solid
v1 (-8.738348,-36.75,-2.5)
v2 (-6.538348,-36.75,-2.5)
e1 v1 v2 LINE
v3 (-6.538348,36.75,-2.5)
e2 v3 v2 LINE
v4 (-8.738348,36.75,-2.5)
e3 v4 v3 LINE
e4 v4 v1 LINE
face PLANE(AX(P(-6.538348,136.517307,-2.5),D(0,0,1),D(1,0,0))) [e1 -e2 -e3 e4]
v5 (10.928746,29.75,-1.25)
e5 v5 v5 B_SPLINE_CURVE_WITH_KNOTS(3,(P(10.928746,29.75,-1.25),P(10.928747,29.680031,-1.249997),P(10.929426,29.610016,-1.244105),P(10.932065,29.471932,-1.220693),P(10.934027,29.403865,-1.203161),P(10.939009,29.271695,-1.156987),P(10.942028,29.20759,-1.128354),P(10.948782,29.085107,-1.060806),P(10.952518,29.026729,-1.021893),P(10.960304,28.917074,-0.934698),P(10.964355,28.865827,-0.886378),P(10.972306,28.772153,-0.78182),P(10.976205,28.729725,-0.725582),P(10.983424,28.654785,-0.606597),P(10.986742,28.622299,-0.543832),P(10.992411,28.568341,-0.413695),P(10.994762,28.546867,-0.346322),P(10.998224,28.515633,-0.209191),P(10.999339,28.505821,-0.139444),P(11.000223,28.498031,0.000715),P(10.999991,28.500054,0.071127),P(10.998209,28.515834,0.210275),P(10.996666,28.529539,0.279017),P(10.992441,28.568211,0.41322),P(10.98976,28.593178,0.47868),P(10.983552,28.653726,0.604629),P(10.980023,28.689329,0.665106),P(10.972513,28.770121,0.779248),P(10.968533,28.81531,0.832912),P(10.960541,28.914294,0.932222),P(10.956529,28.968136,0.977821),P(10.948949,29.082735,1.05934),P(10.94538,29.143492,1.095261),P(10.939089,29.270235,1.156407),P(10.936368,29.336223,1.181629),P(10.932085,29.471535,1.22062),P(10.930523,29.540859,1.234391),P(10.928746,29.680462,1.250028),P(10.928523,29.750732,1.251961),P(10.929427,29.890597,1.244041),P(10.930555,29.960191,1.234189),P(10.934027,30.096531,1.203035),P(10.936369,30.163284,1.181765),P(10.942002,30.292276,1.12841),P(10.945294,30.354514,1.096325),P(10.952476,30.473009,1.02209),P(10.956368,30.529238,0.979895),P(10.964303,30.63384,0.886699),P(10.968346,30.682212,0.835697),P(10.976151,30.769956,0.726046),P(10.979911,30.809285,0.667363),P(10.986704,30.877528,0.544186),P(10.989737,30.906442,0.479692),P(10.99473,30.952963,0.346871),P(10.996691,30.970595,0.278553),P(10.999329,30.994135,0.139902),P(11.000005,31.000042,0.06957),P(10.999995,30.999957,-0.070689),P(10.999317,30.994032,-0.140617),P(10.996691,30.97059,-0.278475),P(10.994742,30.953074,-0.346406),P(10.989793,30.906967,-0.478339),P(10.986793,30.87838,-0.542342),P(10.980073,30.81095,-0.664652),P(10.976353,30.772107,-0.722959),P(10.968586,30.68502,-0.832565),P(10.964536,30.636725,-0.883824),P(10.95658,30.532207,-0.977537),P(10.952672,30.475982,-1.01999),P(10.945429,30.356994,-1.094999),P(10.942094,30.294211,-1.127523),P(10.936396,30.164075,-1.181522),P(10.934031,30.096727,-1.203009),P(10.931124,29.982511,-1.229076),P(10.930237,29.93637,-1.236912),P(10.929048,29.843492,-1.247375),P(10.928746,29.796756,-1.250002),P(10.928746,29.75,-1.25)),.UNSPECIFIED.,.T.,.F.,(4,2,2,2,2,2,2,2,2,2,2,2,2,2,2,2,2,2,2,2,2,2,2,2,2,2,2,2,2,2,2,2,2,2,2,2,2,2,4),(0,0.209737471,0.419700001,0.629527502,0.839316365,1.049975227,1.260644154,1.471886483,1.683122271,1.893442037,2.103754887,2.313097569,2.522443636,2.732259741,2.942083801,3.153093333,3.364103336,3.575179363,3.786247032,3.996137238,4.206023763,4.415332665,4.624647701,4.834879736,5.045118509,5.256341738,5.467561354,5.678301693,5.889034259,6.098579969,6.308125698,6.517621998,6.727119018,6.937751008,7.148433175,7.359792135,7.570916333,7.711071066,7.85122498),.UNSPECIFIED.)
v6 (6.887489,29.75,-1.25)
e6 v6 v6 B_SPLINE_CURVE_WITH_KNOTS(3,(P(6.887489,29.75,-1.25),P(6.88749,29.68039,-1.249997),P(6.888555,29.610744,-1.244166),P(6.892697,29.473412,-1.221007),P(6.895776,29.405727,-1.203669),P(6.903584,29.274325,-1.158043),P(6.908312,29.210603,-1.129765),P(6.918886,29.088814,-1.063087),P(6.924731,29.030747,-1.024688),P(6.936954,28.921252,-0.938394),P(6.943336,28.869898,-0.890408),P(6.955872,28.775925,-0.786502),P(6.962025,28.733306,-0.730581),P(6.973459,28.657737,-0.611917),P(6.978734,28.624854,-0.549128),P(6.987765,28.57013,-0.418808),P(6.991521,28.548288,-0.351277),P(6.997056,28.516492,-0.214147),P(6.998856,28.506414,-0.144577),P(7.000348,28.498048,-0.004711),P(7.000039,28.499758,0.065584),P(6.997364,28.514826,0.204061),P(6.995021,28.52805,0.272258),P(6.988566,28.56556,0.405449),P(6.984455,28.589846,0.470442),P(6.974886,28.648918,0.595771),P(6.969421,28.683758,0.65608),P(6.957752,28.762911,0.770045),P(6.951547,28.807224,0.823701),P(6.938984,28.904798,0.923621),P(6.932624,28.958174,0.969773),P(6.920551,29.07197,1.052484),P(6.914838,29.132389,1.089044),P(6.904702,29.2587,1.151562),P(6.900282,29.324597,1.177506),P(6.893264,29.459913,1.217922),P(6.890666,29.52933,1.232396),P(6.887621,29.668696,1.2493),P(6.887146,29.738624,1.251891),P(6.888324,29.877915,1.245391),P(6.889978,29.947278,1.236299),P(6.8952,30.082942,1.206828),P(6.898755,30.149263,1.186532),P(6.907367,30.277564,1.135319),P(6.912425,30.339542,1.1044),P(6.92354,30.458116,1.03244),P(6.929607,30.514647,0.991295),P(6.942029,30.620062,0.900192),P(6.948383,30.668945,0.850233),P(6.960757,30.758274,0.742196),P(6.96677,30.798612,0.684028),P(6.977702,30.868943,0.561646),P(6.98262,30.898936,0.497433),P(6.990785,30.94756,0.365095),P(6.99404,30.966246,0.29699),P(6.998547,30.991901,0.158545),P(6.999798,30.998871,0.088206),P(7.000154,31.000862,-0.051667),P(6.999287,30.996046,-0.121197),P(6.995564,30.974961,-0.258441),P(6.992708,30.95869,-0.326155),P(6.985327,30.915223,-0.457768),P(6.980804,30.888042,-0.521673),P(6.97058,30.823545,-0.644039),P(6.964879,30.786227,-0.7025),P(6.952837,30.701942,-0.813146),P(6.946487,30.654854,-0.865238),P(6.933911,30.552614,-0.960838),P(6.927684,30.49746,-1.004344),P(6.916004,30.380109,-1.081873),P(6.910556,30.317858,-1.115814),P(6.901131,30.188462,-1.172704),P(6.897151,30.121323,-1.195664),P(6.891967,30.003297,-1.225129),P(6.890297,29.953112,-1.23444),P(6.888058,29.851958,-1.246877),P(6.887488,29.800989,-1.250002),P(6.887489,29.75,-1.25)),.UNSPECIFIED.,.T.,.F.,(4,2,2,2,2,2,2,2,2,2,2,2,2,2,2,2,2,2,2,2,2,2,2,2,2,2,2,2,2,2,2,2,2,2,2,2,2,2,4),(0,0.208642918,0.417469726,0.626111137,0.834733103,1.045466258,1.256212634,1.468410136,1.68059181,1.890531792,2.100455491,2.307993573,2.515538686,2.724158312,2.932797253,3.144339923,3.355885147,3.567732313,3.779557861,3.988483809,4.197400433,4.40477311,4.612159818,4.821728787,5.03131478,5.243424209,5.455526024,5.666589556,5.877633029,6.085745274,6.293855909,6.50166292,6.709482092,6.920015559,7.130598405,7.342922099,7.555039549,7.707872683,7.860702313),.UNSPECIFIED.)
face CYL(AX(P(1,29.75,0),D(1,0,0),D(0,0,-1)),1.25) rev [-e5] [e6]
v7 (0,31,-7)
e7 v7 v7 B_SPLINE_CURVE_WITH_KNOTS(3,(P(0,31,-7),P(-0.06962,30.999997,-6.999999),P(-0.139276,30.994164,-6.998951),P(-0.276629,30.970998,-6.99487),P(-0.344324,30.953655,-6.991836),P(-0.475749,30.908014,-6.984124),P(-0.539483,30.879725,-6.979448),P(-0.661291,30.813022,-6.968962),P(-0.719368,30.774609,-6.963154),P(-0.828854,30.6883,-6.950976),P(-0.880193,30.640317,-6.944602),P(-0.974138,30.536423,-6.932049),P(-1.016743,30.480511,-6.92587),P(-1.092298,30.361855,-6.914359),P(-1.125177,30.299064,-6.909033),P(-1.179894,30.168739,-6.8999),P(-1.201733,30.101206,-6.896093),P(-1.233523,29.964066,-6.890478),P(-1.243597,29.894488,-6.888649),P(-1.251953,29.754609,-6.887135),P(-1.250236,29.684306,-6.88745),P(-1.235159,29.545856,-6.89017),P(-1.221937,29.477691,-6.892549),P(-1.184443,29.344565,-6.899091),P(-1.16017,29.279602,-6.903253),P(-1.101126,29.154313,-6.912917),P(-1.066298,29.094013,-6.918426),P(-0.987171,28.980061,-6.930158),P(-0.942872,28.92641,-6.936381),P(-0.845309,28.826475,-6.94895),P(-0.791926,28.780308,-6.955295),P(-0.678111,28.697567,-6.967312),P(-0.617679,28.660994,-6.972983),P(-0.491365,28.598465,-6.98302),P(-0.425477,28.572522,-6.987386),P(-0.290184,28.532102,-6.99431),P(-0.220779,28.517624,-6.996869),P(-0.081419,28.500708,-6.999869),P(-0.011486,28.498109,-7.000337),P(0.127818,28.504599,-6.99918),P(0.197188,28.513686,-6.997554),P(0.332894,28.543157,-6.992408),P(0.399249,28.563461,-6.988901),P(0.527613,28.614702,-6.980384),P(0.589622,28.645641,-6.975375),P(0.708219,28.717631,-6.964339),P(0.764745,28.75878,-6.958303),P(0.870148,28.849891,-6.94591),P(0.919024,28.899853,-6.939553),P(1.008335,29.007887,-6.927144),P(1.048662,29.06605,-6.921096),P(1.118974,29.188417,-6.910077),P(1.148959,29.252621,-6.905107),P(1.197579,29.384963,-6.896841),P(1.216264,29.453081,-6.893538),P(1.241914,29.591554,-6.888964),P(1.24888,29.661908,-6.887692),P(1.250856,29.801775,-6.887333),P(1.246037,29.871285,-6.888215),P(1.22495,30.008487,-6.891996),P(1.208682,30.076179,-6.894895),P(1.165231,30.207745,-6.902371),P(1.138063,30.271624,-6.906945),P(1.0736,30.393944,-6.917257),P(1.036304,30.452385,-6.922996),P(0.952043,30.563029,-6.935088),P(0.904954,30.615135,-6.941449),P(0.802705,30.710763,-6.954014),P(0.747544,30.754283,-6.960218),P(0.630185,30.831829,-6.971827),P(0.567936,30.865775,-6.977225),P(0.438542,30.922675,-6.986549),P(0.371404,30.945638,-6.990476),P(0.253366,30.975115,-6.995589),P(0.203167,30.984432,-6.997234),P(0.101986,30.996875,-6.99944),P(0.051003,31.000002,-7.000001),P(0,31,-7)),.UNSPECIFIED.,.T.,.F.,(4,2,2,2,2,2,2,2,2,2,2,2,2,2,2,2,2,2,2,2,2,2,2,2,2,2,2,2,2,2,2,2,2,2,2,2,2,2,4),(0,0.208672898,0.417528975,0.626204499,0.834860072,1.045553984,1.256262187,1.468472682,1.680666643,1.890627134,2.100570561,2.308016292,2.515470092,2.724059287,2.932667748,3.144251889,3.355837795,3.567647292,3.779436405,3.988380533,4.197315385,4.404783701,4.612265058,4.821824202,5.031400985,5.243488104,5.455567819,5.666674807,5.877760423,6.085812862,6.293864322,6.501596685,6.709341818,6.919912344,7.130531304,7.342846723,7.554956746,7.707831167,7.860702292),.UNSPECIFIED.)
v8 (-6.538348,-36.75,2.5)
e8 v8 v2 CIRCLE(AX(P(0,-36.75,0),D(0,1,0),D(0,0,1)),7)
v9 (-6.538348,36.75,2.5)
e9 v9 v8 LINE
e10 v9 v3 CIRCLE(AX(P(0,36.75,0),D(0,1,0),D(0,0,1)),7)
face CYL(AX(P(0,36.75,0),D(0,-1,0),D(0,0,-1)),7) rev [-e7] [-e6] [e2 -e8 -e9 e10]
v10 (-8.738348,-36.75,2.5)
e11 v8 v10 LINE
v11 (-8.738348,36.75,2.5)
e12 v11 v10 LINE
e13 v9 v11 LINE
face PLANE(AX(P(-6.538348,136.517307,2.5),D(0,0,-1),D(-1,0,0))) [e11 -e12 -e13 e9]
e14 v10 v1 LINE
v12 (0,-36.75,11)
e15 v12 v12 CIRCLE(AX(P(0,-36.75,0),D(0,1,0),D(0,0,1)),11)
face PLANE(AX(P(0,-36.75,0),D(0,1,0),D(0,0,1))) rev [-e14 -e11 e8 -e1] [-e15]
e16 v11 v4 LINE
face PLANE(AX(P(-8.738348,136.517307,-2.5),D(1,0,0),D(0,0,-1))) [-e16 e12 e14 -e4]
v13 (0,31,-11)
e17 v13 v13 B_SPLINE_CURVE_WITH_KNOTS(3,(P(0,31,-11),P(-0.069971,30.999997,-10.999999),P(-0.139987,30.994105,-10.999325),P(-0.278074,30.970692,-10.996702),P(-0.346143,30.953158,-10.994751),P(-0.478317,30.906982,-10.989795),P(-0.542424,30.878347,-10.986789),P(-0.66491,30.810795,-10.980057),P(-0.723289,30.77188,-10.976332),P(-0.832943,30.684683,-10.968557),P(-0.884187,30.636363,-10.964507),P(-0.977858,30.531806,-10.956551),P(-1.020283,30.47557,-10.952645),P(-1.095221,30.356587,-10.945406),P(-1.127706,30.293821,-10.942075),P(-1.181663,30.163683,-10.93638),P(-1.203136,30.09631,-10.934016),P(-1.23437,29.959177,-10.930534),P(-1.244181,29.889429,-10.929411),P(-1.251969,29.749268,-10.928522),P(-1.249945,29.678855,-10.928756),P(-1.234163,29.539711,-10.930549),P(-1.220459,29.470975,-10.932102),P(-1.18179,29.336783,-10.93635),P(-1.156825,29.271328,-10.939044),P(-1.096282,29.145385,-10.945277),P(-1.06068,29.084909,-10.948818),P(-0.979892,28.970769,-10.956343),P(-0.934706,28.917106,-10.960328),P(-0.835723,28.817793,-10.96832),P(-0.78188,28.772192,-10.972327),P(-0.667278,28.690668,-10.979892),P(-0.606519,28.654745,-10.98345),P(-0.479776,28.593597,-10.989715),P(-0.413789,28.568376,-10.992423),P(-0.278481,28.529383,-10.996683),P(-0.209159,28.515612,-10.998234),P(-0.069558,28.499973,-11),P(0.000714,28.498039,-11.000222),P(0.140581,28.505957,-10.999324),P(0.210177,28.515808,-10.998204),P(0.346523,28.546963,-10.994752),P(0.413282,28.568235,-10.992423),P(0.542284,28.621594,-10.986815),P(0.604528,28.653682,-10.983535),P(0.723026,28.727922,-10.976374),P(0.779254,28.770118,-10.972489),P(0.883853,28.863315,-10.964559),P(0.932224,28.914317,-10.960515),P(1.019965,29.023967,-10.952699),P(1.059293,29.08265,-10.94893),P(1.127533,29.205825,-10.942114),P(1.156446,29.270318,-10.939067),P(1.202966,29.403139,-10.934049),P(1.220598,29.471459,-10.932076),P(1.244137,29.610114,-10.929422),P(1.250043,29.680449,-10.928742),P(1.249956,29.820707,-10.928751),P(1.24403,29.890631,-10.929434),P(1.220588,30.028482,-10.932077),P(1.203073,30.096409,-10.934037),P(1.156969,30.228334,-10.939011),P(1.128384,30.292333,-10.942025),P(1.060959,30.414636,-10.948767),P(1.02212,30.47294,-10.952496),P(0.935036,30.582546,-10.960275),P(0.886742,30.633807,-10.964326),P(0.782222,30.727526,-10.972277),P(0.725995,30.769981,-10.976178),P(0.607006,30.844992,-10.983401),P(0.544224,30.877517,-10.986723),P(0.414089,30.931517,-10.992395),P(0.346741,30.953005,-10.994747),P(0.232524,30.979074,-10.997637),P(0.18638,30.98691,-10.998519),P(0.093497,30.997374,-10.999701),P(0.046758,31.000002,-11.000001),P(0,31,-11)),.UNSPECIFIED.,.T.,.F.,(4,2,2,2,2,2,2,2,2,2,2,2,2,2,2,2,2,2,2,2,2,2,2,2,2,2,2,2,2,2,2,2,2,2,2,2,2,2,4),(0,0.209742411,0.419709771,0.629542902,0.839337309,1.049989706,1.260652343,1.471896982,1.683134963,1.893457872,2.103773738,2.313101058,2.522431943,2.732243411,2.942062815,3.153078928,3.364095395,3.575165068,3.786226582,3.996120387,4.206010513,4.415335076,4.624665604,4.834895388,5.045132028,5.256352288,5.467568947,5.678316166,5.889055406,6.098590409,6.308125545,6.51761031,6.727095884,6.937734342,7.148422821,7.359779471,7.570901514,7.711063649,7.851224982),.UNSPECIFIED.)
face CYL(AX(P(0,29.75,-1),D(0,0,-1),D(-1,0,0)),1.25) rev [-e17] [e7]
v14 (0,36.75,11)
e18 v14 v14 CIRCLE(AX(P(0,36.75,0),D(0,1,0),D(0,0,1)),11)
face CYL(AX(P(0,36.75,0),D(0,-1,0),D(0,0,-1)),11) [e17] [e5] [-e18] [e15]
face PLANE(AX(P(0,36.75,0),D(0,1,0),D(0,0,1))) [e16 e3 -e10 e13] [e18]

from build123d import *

# Parameters (mm, degrees)
SKETCH1_R               = 11
SKETCH1_R_2             = 7
BOSS_EXTRUDE1_DEPTH     = 36.75
SKETCH2_R               = 1.25
CUT_EXTRUDE1_DEPTH      = 10
CIRPATTERN1_COUNT       = 2
CIRPATTERN1_ANGLE       = 90
CUT_EXTRUDE2_DEPTH      = 76.128223855
CUT_EXTRUDE2_DEPTH_BACK = 76.128223855


with BuildPart() as part:
    # Sketch1 → Boss-Extrude1 (new, symmetric)
    with BuildSketch(Plane(origin=(0, 0, 0), x_dir=(1, 0, 0), z_dir=(0, 1, 0))):
        with Locations(Location((0, 0, 0), (0, 0, 270))):
            Circle(SKETCH1_R)
        with Locations(Location((0, 0, 0), (0, 0, 270))):
            Circle(SKETCH1_R_2, mode=Mode.SUBTRACT)
    extrude(amount=BOSS_EXTRUDE1_DEPTH, both=True)

    # Sketch2 → Cut-Extrude1 (cut)
    with BuildSketch(Plane(origin=(0, 0, -11), x_dir=(-1, 0, 0), z_dir=(0, 0, -1))):
        with Locations(Location((0, 29.75, 0), (0, 0, 90))):
            Circle(SKETCH2_R)
    cut_extrude1 = extrude(amount=-CUT_EXTRUDE1_DEPTH, mode=Mode.SUBTRACT)

    # CirPattern1: Cut-Extrude1 ×2 about axis
    cirpattern1_axis = Axis((0, 36.75, 0), (0, -1, 0))
    for i in range(1, CIRPATTERN1_COUNT):
        add(cut_extrude1.rotate(cirpattern1_axis, i * CIRPATTERN1_ANGLE / (CIRPATTERN1_COUNT - 1)), mode=Mode.SUBTRACT)

    # Sketch4 → Cut-Extrude2 (cut, two sides: drawn at the far end of the back side and taken through both)
    with BuildSketch(Plane(origin=(0, 36.75, 0), x_dir=(1, 0, 0), z_dir=(0, 1, 0)).offset(-CUT_EXTRUDE2_DEPTH_BACK)):
        with BuildLine():
            ThreePointArc((-6.565325544, 2.428271092), (-6.551935139, 2.464172464), (-6.538348415, 2.5))
            Line((-6.538348415, 2.5), (-8.738348415, 2.5))
            Line((-8.738348415, 2.5), (-8.738348415, -2.5))
            Line((-8.738348415, -2.5), (-6.538348415, -2.5))
            ThreePointArc((-6.538348415, -2.5), (-6.999895128, -0.038317104), (-6.565325544, 2.428271092))
        make_face()
    extrude(amount=CUT_EXTRUDE2_DEPTH + CUT_EXTRUDE2_DEPTH_BACK, mode=Mode.SUBTRACT)


solid = part.part
